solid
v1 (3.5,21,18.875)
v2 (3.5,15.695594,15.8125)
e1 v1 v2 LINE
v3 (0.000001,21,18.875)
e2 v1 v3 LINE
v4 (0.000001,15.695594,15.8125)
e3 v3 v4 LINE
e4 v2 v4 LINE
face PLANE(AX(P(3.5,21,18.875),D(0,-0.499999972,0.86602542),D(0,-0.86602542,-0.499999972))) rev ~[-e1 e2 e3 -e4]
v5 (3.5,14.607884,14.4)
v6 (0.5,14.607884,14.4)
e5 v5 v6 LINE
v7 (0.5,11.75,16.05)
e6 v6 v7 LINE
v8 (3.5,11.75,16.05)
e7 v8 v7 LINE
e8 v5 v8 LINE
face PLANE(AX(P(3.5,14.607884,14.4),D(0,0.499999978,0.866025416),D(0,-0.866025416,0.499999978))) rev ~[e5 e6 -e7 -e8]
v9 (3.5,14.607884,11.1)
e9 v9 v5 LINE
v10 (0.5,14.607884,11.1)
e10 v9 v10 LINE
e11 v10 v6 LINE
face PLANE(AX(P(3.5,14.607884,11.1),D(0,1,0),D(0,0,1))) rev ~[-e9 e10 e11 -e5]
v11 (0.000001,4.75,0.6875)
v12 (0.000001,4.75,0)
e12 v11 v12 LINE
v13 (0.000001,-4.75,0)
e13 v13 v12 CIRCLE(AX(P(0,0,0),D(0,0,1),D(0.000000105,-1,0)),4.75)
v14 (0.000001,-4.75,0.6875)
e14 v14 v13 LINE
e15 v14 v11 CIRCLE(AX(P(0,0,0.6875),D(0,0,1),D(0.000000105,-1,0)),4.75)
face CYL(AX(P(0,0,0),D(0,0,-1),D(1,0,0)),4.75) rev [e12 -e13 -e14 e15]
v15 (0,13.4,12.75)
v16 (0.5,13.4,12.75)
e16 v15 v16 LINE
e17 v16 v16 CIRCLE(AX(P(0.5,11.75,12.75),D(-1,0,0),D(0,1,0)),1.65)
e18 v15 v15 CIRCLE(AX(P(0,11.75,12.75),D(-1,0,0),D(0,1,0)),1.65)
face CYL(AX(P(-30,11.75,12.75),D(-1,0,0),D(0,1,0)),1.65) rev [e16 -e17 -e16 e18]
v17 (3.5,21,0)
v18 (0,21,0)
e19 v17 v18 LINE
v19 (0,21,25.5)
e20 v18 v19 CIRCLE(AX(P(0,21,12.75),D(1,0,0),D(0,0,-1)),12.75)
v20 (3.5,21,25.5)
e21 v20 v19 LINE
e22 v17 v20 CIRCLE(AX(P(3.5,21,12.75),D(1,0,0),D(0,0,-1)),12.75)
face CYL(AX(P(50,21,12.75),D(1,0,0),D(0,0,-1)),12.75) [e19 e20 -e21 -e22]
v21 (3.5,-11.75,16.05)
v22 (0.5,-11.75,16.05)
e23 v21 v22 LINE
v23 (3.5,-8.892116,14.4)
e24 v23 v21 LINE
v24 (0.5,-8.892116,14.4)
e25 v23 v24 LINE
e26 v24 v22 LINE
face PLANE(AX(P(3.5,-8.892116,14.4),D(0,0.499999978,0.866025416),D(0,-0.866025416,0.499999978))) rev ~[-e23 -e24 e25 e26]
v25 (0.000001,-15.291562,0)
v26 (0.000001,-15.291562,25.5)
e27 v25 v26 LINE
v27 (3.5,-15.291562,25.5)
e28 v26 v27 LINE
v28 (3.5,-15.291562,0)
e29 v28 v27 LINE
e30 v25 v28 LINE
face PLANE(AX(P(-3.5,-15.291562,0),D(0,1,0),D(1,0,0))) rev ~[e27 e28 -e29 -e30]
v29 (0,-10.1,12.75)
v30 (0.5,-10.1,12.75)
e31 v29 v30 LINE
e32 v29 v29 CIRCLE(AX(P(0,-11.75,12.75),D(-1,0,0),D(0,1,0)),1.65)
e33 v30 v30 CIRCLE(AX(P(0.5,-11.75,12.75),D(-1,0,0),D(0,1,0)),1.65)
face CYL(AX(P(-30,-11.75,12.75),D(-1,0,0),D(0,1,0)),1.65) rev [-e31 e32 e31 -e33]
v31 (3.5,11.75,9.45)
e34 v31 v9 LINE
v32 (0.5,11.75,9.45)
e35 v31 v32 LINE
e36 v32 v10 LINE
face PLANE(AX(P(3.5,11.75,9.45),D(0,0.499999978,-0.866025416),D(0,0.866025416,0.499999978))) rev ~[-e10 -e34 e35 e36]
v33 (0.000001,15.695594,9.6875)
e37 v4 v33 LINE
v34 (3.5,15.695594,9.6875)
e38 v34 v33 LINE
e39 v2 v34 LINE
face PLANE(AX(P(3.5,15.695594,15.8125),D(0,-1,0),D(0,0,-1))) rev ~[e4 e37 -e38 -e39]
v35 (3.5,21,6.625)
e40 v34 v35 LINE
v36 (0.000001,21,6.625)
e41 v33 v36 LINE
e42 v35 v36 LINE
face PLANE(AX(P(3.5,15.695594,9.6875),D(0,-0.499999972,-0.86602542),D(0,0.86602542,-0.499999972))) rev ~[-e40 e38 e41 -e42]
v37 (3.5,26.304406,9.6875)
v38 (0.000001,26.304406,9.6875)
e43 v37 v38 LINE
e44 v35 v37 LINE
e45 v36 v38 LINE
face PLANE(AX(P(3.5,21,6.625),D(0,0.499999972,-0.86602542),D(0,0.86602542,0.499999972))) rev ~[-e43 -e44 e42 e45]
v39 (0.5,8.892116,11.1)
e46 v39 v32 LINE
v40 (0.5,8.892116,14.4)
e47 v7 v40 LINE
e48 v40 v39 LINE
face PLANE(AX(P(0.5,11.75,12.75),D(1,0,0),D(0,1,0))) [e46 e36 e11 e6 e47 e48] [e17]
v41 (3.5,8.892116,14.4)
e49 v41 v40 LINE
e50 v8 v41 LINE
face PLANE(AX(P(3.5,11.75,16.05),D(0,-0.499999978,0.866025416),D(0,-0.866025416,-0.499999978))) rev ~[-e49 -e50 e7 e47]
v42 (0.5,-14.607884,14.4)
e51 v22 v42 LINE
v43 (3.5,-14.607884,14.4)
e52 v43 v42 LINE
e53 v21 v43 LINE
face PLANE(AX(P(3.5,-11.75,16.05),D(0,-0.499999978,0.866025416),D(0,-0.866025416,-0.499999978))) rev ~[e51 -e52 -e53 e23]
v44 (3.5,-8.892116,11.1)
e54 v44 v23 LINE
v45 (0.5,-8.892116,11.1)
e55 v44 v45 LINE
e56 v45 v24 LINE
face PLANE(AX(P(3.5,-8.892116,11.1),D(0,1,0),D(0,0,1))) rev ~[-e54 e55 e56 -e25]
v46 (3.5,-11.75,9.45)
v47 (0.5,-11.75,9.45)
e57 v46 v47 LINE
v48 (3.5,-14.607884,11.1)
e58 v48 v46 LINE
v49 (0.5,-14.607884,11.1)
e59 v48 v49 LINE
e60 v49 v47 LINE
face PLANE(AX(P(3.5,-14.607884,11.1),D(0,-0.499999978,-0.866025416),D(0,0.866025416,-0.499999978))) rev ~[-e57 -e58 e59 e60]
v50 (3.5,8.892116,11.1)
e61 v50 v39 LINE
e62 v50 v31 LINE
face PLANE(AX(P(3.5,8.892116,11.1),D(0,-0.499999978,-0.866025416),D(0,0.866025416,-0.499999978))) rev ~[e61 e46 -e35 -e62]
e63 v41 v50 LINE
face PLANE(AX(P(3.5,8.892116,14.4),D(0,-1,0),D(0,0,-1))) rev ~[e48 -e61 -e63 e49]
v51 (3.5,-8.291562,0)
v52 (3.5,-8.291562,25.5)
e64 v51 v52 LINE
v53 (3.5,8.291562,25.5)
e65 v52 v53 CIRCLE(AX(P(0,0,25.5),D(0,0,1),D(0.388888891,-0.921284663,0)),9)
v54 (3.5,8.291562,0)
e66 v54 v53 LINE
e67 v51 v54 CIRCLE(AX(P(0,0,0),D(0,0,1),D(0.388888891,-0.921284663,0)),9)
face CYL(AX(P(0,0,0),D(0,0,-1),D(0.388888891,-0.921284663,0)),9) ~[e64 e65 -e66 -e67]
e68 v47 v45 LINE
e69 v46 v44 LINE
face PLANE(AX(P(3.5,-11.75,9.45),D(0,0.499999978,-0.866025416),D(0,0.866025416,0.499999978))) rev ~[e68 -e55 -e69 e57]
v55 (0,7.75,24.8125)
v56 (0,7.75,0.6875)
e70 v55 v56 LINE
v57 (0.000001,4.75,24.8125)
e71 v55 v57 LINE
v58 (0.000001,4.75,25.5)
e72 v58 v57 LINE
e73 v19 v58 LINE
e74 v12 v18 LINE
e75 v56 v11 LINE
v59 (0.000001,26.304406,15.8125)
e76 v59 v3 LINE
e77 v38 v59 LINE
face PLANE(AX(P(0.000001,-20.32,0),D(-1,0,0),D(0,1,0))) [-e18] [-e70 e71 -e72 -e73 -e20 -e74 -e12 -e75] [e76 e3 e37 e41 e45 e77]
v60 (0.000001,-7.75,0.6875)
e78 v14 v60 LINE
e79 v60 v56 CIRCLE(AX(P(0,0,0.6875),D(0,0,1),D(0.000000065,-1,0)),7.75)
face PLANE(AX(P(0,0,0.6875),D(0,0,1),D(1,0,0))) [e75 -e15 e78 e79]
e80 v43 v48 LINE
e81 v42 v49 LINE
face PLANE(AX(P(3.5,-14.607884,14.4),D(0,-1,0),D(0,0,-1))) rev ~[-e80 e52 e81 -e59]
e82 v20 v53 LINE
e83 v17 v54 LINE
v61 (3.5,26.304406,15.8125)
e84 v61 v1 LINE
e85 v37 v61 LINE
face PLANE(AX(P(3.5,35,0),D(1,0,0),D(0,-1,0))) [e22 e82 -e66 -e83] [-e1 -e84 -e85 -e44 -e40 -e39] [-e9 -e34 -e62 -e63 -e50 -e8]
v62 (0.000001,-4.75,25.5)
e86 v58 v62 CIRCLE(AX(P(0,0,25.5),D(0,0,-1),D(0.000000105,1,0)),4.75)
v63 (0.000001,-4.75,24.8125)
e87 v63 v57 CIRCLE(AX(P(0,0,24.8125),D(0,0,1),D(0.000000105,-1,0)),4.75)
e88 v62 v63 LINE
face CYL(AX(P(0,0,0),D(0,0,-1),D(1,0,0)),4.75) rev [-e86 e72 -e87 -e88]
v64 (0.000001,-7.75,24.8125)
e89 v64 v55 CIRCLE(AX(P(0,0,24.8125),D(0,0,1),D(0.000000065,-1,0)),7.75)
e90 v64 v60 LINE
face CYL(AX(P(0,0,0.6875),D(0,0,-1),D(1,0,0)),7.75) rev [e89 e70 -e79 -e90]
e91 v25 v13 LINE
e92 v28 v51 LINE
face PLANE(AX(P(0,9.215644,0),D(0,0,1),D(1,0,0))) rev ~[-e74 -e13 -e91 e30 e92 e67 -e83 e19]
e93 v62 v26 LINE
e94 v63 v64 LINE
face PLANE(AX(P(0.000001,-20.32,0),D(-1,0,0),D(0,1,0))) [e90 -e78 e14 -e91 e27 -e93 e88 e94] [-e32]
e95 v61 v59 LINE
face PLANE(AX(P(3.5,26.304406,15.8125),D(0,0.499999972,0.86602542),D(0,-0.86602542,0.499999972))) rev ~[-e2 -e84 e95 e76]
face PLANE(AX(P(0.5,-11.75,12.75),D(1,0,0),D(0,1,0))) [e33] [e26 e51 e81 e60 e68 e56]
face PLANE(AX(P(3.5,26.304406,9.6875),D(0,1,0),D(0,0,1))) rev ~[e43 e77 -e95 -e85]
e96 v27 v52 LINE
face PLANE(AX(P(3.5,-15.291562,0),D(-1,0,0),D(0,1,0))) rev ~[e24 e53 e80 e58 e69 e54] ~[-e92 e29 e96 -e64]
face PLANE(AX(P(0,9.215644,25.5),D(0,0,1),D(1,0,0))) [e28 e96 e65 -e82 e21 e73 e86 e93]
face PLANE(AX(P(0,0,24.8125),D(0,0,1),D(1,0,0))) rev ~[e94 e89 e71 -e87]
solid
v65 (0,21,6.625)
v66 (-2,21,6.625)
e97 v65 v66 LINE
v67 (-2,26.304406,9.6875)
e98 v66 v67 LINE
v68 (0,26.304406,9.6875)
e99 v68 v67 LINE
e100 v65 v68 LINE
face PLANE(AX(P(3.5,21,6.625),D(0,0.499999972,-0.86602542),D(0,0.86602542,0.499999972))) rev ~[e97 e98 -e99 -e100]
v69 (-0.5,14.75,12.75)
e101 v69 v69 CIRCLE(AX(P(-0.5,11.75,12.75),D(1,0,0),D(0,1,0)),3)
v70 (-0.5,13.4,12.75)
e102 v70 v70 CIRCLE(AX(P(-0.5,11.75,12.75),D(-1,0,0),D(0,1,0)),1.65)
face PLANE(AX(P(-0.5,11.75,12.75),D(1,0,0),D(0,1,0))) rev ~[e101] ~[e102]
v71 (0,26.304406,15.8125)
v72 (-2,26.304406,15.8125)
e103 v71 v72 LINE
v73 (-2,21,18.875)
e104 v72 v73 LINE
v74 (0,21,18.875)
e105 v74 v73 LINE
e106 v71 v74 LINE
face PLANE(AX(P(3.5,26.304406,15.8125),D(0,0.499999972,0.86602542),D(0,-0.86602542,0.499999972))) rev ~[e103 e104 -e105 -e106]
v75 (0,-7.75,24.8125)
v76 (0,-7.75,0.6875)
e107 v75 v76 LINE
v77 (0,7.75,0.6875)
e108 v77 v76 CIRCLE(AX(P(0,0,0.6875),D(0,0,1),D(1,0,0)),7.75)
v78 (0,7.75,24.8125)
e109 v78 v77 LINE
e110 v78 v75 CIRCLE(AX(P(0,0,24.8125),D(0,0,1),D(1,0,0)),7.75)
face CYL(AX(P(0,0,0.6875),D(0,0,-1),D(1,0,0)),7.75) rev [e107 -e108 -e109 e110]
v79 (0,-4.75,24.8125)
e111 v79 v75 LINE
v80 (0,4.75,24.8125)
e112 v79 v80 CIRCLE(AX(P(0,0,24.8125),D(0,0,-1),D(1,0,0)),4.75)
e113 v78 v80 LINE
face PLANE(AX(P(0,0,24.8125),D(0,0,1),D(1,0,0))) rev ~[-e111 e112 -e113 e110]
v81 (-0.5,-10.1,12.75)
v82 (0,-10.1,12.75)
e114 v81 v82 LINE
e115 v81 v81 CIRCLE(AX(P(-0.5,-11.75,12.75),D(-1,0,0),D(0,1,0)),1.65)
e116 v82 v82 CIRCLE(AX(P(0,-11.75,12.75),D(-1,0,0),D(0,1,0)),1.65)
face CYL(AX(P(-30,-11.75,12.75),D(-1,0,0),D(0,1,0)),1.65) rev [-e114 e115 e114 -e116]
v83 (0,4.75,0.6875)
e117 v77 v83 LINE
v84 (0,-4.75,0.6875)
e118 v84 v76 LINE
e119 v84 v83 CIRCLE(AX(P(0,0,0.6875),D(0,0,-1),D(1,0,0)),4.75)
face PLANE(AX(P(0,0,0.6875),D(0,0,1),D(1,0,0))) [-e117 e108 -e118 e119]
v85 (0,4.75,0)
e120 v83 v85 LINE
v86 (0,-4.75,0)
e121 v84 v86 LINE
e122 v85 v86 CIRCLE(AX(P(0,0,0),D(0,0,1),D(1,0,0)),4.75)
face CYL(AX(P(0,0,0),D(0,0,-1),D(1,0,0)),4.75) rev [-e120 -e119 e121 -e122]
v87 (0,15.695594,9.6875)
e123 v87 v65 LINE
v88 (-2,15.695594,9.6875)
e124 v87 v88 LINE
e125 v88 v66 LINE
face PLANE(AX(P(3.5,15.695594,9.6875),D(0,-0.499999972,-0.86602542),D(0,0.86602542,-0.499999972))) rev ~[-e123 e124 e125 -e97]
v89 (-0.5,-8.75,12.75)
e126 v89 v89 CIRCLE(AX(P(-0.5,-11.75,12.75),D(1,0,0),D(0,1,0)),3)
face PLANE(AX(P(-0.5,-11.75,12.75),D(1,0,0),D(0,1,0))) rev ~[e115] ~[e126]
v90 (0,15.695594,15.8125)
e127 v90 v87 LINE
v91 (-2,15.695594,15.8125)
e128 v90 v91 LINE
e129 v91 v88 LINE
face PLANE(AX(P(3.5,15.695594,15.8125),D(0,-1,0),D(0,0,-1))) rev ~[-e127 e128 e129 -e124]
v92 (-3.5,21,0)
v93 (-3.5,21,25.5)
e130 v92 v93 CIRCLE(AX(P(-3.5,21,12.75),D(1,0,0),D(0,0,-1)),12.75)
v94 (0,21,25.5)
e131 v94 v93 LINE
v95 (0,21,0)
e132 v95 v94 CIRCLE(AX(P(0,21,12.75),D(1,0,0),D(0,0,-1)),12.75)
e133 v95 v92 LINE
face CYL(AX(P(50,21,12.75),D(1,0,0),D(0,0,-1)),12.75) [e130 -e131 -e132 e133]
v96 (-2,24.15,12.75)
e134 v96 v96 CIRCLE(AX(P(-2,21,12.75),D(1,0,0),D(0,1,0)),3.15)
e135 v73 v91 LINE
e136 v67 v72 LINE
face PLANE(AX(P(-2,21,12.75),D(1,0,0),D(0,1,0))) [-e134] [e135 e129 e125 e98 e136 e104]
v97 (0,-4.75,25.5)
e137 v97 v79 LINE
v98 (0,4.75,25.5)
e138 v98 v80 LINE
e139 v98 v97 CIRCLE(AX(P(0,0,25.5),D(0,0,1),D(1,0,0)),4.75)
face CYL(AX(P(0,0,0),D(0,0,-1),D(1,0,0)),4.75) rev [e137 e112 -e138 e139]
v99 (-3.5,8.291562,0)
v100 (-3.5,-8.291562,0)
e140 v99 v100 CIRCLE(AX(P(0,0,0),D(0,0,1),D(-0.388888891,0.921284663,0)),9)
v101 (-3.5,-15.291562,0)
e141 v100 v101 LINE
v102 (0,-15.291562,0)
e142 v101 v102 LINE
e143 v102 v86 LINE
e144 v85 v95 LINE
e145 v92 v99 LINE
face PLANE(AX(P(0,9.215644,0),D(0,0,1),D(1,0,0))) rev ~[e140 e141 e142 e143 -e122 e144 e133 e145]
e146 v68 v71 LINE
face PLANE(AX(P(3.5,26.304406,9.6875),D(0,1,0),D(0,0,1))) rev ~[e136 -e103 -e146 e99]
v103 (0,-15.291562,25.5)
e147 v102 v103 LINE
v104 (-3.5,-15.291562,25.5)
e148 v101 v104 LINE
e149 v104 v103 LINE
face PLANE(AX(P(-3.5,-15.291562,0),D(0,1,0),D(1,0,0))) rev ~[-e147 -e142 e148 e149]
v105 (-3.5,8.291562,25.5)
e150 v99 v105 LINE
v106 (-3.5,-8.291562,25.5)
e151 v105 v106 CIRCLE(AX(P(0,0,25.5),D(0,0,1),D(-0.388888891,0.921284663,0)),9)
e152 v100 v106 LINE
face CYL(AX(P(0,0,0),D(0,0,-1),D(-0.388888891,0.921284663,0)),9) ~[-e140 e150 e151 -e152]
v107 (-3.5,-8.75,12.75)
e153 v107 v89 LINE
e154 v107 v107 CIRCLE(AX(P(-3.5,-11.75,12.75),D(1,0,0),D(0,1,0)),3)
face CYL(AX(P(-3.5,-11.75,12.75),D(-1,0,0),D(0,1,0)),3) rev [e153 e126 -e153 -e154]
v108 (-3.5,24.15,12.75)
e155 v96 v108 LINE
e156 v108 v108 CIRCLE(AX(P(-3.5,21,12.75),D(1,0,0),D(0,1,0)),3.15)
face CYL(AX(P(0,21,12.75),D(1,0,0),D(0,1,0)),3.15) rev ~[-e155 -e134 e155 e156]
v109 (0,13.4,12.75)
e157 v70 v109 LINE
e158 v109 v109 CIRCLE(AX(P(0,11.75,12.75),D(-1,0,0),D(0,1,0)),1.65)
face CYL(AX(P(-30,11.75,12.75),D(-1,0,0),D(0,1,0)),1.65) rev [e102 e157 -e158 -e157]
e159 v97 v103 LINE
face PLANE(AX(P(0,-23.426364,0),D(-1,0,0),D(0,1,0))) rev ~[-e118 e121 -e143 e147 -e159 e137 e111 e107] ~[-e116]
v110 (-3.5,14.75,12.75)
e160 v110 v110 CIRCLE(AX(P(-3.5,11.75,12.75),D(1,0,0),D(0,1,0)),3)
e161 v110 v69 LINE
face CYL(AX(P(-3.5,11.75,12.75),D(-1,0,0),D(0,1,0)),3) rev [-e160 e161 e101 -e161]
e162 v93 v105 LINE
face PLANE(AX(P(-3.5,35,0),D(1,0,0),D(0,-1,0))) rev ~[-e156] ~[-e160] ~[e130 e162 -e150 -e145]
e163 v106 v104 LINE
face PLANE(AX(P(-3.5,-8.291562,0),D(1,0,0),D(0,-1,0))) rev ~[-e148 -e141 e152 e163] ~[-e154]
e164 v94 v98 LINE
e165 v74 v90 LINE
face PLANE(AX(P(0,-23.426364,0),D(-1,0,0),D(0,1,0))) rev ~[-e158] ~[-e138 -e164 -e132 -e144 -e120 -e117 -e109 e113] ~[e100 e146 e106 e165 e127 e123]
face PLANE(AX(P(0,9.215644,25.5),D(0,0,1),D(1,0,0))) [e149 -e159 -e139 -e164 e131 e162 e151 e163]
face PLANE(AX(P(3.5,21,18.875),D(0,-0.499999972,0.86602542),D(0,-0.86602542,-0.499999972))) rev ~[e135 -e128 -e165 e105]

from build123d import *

# Parameters (mm, degrees)
SKETCH_R        = 4.75
PAD_DEPTH       = 25.5
SKETCH001_R     = 7.75
POCKET_DEPTH    = 24.125
POCKET001_DEPTH = 5.5
SKETCH003_R     = 3.15
POCKET002_DEPTH = 9.001
POCKET003_DEPTH = 3
SKETCH007_R     = 1.65
POCKET004_DEPTH = 39.001
SKETCH008_R     = 3
POCKET005_DEPTH = 3
POCKET006_DEPTH = 59.001
SKETCH010_W     = 13.332988
SKETCH010_H     = 67.314425
POCKET007_DEPTH = 25.501
SKETCH011_W     = 23.817345
SKETCH011_H     = 55.988949
POCKET008_DEPTH = 25.501


with BuildPart() as stepper_trolley:
    # Sketch → Pad (new body)
    with BuildSketch(Plane.XY):
        with BuildLine():
            ThreePointArc((-3.5, 8.291562), (-9, 0), (-3.5, -8.291562))
            Line((-3.5, -8.291562), (-3.5, -15.291562))
            Line((-3.5, -15.291562), (3.5, -15.291562))
            Line((3.5, -15.291562), (3.5, -8.291562))
            ThreePointArc((3.5, -8.291562), (9, 0), (3.5, 8.291562))
            Line((3.5, 35), (3.5, 8.291562))
            Line((-3.5, 35), (3.5, 35))
            Line((-3.5, 35), (-3.5, 8.291562))
        make_face()
        Circle(SKETCH_R, mode=Mode.SUBTRACT)
    extrude(amount=PAD_DEPTH)

    # Sketch001 → Pocket (cut)
    with BuildSketch(Plane.XY.offset(0.6875)):
        Circle(SKETCH001_R)
    extrude(amount=POCKET_DEPTH, mode=Mode.SUBTRACT)

    # Sketch002 (on Face3 of Pocket) → Pocket001 (cut)
    with BuildSketch(Plane.YZ.offset(3.5)):
        Polygon((21, 18.875), (15.695594, 15.8125), (15.695594, 9.6875), (21, 6.625), (26.304406, 9.6875), (26.304406, 15.8125), align=None)
    extrude(amount=-POCKET001_DEPTH, mode=Mode.SUBTRACT)

    # Sketch003 → Pocket002 (cut, through all)
    with BuildSketch(Plane.YZ):
        with Locations((21, 12.75)):
            Circle(SKETCH003_R)
    extrude(amount=-POCKET002_DEPTH, mode=Mode.SUBTRACT)

    # Sketch006 → Pocket003 (cut)
    with BuildSketch(Plane.YZ.offset(3.5)):
        Polygon((-8.892116, 11.1), (-8.892116, 14.4), (-11.75, 16.05), (-14.607884, 14.4), (-14.607884, 11.1), (-11.75, 9.45), align=None)
        Polygon((14.607884, 11.1), (14.607884, 14.4), (11.75, 16.05), (8.892116, 14.4), (8.892116, 11.1), (11.75, 9.45), align=None)
    extrude(amount=-POCKET003_DEPTH, mode=Mode.SUBTRACT)

    # Sketch007 → Pocket004 (cut, through all)
    with BuildSketch(Plane.YZ.offset(-30)):
        with Locations((-11.75, 12.75)):
            Circle(SKETCH007_R)
        with Locations((11.75, 12.75)):
            Circle(SKETCH007_R)
    extrude(amount=POCKET004_DEPTH, mode=Mode.SUBTRACT)

    # Sketch008 → Pocket005 (cut)
    with BuildSketch(Plane.YZ.offset(-3.5)):
        with Locations((-11.75, 12.75)):
            Circle(SKETCH008_R)
        with Locations((11.75, 12.75)):
            Circle(SKETCH008_R)
    extrude(amount=POCKET005_DEPTH, mode=Mode.SUBTRACT)

    # Sketch009 → Pocket006 (cut, through all)
    with BuildSketch(Plane.YZ.offset(50)):
        with BuildLine():
            ThreePointArc((21, 0), (33.75, 12.75), (21, 25.5))
            Line((21, 25.5), (41, 25.5))
            Line((41, 25.5), (41, 0))
            Line((21, 0), (41, 0))
        make_face()
    extrude(amount=-POCKET006_DEPTH, mode=Mode.SUBTRACT)


with BuildPart() as stepper_trolley_top:
    # Body001 base: copy of stepper-trolley
    add(stepper_trolley.part)

    # Sketch010 → Pocket007 (cut, through all)
    with BuildSketch(Plane.XY):
        with Locations((6.666494, 10.230849)):
            Rectangle(SKETCH010_W, SKETCH010_H)
    extrude(amount=POCKET007_DEPTH, mode=Mode.SUBTRACT)


with BuildPart() as stepper_trolley_bottom:
    # Body002 base: copy of stepper-trolley
    add(stepper_trolley.part)

    # Sketch011 → Pocket008 (cut, through all)
    with BuildSketch(Plane.XY):
        with Locations((-11.908672, 7.674474)):
            Rectangle(SKETCH011_W, SKETCH011_H)
    extrude(amount=POCKET008_DEPTH, mode=Mode.SUBTRACT)


solid = Compound([stepper_trolley_top.part, stepper_trolley_bottom.part])
